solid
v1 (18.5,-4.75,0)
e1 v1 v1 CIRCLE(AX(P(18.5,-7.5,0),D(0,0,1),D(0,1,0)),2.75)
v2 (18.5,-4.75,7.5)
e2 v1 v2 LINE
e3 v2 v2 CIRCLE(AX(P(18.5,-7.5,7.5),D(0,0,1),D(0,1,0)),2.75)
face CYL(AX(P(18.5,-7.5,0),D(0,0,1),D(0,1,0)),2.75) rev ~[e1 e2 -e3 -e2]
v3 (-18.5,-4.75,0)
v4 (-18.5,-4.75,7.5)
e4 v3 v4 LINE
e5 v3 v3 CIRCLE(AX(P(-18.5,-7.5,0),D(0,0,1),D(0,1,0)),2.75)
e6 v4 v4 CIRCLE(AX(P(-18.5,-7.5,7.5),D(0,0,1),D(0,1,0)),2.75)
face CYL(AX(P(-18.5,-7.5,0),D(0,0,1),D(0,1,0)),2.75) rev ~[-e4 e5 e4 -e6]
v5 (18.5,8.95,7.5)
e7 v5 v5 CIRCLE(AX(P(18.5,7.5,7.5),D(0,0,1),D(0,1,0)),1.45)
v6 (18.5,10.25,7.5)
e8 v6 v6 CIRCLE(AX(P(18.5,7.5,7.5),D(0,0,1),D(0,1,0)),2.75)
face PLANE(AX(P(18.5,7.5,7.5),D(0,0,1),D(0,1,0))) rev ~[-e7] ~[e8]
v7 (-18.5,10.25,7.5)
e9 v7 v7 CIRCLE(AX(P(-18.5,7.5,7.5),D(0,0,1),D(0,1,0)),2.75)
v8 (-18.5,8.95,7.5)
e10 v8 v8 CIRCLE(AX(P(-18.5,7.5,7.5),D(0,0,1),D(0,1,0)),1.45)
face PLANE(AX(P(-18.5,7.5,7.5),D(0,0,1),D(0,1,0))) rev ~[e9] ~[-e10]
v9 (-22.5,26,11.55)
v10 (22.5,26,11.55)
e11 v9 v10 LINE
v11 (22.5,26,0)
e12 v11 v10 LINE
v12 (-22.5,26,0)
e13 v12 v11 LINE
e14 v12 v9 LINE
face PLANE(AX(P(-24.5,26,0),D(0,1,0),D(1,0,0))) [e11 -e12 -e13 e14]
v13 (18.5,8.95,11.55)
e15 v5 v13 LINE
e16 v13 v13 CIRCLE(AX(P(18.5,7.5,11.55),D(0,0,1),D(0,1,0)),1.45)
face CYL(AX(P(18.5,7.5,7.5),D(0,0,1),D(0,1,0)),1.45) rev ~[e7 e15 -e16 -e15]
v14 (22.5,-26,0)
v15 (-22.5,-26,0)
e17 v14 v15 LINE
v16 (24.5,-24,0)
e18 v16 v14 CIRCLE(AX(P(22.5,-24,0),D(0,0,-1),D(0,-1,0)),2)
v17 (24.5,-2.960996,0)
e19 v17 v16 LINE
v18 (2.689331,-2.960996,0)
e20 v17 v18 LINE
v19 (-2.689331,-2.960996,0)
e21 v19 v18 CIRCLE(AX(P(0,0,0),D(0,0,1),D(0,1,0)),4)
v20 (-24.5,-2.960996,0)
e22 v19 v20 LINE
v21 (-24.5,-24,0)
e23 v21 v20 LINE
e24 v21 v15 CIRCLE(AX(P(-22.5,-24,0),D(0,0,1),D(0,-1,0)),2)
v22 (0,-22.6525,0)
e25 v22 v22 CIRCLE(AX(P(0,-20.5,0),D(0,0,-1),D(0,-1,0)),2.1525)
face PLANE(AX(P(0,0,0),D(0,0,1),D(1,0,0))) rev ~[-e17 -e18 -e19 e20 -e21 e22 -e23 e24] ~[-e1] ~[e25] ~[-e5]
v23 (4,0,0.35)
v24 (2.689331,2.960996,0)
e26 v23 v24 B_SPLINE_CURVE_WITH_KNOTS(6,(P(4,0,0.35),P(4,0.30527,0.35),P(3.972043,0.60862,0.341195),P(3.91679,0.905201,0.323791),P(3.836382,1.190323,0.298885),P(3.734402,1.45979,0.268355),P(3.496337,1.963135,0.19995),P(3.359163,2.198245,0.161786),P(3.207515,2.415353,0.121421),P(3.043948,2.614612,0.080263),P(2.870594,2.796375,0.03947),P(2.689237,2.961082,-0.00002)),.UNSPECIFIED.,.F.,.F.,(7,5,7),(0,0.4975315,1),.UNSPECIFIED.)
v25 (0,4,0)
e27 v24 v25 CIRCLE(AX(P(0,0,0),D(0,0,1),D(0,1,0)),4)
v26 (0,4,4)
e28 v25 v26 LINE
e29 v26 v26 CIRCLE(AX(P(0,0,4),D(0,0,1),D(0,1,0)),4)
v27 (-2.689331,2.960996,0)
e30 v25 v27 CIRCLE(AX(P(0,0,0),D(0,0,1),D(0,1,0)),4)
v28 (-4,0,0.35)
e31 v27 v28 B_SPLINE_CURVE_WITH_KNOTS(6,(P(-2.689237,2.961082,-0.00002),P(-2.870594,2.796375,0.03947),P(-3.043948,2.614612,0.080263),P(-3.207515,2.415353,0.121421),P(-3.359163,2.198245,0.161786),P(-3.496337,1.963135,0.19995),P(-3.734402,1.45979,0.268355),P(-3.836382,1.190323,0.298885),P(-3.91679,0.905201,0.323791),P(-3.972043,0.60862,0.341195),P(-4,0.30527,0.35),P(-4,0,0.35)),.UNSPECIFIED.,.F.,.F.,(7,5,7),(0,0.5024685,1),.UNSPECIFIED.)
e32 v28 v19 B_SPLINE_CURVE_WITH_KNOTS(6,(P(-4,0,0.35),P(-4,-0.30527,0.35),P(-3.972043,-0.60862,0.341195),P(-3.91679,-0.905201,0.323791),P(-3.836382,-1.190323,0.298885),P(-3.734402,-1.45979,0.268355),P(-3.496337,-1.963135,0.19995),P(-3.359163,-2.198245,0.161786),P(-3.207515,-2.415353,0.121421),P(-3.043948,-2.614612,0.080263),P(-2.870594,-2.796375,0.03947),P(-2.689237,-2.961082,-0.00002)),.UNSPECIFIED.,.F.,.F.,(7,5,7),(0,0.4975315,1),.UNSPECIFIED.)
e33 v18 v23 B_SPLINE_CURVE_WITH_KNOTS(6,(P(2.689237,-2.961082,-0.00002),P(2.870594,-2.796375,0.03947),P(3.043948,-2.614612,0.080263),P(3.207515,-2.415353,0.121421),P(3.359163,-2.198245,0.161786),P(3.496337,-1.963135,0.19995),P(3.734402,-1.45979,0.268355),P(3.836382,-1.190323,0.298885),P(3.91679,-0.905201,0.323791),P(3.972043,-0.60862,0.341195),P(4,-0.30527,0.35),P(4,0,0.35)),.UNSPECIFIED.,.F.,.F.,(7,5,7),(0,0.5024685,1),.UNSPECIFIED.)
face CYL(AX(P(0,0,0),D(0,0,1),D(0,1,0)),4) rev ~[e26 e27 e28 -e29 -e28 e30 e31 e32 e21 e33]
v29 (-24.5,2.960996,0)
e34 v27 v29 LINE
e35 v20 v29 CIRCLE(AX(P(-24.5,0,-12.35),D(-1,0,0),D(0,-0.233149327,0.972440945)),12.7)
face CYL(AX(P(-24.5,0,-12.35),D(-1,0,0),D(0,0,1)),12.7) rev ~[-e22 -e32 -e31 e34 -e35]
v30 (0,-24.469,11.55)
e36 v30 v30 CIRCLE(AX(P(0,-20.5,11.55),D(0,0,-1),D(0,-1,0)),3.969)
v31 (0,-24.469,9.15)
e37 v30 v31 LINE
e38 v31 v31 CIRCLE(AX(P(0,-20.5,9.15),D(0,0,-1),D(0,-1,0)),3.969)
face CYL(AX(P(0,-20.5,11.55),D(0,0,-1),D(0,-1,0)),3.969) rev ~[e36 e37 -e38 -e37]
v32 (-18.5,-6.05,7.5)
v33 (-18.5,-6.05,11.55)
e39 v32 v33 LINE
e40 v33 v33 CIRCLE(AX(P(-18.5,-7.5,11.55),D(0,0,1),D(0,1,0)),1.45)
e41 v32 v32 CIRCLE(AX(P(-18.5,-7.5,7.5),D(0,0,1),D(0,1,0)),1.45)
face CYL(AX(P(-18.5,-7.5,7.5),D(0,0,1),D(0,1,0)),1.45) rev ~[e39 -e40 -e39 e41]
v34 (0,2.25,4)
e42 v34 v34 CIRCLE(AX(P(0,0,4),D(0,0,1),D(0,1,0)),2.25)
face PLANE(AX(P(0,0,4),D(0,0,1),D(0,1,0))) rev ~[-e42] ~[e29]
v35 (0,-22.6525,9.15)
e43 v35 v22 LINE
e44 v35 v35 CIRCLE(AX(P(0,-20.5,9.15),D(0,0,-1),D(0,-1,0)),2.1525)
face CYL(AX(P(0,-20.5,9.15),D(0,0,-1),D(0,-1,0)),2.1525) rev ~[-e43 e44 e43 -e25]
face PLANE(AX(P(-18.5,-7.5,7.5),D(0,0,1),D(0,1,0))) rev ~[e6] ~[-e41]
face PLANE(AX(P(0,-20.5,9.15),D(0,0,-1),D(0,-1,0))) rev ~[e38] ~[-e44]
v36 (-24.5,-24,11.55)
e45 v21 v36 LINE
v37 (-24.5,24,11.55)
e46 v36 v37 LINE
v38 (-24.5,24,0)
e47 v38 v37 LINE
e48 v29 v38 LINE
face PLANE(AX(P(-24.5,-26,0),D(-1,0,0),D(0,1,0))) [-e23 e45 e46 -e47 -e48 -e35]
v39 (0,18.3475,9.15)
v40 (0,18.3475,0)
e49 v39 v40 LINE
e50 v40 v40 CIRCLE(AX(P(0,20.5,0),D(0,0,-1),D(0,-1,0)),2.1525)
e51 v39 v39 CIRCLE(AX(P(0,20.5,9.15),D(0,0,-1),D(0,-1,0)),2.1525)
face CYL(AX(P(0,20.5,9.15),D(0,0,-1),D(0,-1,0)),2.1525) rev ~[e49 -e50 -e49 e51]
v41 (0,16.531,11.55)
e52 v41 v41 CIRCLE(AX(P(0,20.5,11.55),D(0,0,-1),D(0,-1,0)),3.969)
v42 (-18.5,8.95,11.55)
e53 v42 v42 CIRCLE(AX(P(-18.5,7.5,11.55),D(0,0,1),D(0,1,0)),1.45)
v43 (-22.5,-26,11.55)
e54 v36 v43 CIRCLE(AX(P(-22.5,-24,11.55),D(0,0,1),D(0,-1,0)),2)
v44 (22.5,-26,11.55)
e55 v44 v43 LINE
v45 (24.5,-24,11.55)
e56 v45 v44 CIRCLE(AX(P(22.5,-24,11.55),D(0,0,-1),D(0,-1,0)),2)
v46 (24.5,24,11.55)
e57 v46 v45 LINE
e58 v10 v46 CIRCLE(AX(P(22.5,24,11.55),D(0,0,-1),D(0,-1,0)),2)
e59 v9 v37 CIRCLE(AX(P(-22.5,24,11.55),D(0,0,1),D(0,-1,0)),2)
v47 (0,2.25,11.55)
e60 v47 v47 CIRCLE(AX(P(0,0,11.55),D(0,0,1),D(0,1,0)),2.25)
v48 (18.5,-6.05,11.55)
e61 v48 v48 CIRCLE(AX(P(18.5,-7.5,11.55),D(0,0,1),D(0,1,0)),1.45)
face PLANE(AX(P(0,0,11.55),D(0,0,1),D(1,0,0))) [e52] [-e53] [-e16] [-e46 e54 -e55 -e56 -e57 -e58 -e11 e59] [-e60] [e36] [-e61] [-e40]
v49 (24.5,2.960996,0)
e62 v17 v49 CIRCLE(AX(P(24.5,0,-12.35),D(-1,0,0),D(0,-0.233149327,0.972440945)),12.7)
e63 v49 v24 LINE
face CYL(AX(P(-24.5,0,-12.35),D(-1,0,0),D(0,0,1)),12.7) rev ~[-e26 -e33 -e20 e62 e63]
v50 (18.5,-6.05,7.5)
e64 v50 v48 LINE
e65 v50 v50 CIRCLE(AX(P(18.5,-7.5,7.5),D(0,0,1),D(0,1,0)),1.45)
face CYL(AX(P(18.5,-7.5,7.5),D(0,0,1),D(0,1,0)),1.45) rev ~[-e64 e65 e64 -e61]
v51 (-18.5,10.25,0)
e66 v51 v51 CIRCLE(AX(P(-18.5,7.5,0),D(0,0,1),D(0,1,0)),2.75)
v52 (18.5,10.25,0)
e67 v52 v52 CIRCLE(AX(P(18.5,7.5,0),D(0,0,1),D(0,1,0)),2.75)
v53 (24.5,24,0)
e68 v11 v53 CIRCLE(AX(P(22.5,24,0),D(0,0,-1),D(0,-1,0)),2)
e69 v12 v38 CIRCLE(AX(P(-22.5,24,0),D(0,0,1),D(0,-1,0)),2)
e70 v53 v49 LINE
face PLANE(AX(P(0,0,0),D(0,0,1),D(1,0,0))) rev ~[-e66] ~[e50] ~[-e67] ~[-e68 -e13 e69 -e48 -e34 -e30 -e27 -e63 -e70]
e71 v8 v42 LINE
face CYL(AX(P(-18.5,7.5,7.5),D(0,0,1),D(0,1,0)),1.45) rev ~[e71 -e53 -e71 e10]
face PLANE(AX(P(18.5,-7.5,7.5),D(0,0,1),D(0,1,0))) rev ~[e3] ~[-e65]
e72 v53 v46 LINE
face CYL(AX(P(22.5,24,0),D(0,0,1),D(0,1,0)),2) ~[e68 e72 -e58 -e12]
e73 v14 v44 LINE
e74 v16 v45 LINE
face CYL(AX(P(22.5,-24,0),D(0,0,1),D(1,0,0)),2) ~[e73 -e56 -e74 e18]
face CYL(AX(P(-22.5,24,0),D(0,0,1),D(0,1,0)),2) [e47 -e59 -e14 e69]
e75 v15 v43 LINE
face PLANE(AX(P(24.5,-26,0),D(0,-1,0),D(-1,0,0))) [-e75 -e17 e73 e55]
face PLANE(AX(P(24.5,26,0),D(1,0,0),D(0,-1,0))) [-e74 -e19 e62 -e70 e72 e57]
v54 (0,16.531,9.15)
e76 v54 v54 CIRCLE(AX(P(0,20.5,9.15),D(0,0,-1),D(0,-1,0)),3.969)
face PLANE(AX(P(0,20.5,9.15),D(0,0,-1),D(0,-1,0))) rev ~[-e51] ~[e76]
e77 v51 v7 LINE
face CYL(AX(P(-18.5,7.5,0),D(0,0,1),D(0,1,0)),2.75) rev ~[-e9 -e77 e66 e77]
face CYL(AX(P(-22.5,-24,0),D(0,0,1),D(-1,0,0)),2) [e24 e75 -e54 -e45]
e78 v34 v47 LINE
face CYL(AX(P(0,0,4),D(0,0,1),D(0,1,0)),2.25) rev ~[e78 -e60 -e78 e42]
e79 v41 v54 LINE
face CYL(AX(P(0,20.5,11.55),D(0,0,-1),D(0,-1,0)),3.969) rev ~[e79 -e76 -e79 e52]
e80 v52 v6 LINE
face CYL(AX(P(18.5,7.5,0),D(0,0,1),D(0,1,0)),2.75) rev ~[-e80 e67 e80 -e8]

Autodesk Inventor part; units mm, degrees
ref_plane "YZ Plane" through (0, 0, 0) normal (1, 0, 0) x (0, 1, 0)
ref_plane "XZ Plane" through (0, 0, 0) normal (0, 1, 0) x (-1, 0, 0)
ref_plane "XY Plane" through (0, 0, 0) normal (0, 0, 1) x (1, 0, 0)
sketch "Sketch1" plane through (0, 0, 0) normal (0, 0, 1) x (1, 0, 0)
  line L0 (-24.5, 26) -> (24.5, 26)
  line L1 (24.5, 26) -> (24.5, -26)
  line L2 (24.5, -26) -> (-24.5, -26)
  line L3 (-24.5, -26) -> (-24.5, 26)
  point P0 (0, 0)
  dimension "d0" = 52
  dimension "d1" = 26
  dimension "d2" = 49
  dimension "d3" = 24.5
extrude "Extrusion1" add sketch "Sketch1" along normal blind 11.55
sketch "Sketch3" plane through (0, 0, 11.55) normal (0, 0, 1) x (1, 0, 0)
  line L0 (-24.5, -26) -> (24.5, -26) projected
  line L1 (0, -26) -> (0, -20.5)
  line L2 (24.5, 26) -> (-24.5, 26) projected
  line L3 (0, 26) -> (0, 20.5)
  point P0 (0, 0)
  point P1 (0, 0)
  dimension "d13" = 5.5
  dimension "d14" = 20.5
  dimension "d15" = 5.5
  dimension "d16" = 20.5
hole "Hole1" at (0, 20.5, 11.55) at (0, -20.5, 11.55) direction (0, 0, -1) diameter 4.305 depth 12.3 counterbore diameter 7.938 counterbore depth 2.4 clearance for "Socket Head Cap Screw" size "#8" standard "Ansi Unified Screw Threads"
sketch "Sketch5" plane through (0, 0, 0) normal (0, 0, -1) x (-1, 0, 0)
  line L0 (-24.5, 26) -> (24.5, 26) projected
  line L1 (24.5, 26) -> (24.5, -26) projected
  point P0 (0, 0)
  point P1 (0, 0)
  dimension "d31" = 26
  dimension "d32" = 24.5
hole "Hole3" at (0, 0, 0) direction (0, 0, 1) diameter 4.5 depth 11.8 counterbore diameter 8 counterbore depth 4 clearance for "Socket Head Cap Screw" size "M4" standard "Ansi Metric M Profile"
fillet "Fillet1" radius 2 4 edges at (-24.5, -26, 5.775) (-24.5, 26, 5.775) (24.5, -26, 5.775) (24.5, 26, 5.775)
sketch "Sketch7" plane through (-24.5, -24, 0) normal (-1, 0, 0) x (0, 0, 1)
  circle A0 centre (-12.35, 24) radius 12.7
  point P0 (0, 24)
  dimension "d57" = 25.4
  dimension "d58" = 12.35
extrude "Extrusion3" cut sketch "Sketch7" against normal blind 50
sketch "Sketch10" plane through (0, 0, 0) normal (0, 0, -1) x (-1, 0, 0)
  circle A0 centre (0, 0) radius 1.621
  line L0 (0, 0) -> (-18.5, 0)
  line L1 (-18.5, 0) -> (-18.5, -7.5)
  line L2 (-18.5, -7.5) -> (0, -7.5)
  line L3 (0, -7.5) -> (0, 0)
  point P0 (-18.5, 7.5)
  point P1 (18.5, 7.5)
  point P2 (18.5, -7.5)
  dimension "d77" = 18.5
  dimension "d78" = 7.5
  dimension "d79" = 18.5
  dimension "d80" = 37
  dimension "d81" = 18.5
  dimension "d82" = 7.5
  dimension "d83" = 7.5
  dimension "d84" = 7.5
hole "Hole5" at (18.5, -7.5, 0) at (18.5, 7.5, 0) at (-18.5, 7.5, 0) at (-18.5, -7.5, 0) direction (0, 0, 1) diameter 2.9 end through all counterbore diameter 5.5 counterbore depth 7.5 clearance for "Socket Head Cap Screw" size "M2.5" standard "Ansi Metric M Profile"
equation "\"d1\" = 0.5 * d0"
equation "\"d3\" = 0.5 * d2"
equation "\"d15\" = d13"
equation "\"d79\" = d77"
equation "\"d80\" = 2 * d77"
equation "\"d81\" = d77"
equation "\"d82\" = d78"
equation "\"d83\" = d78"
equation "\"d84\" = d78"
properties part number "ADAPTER_EOM14.7GHz_new"
